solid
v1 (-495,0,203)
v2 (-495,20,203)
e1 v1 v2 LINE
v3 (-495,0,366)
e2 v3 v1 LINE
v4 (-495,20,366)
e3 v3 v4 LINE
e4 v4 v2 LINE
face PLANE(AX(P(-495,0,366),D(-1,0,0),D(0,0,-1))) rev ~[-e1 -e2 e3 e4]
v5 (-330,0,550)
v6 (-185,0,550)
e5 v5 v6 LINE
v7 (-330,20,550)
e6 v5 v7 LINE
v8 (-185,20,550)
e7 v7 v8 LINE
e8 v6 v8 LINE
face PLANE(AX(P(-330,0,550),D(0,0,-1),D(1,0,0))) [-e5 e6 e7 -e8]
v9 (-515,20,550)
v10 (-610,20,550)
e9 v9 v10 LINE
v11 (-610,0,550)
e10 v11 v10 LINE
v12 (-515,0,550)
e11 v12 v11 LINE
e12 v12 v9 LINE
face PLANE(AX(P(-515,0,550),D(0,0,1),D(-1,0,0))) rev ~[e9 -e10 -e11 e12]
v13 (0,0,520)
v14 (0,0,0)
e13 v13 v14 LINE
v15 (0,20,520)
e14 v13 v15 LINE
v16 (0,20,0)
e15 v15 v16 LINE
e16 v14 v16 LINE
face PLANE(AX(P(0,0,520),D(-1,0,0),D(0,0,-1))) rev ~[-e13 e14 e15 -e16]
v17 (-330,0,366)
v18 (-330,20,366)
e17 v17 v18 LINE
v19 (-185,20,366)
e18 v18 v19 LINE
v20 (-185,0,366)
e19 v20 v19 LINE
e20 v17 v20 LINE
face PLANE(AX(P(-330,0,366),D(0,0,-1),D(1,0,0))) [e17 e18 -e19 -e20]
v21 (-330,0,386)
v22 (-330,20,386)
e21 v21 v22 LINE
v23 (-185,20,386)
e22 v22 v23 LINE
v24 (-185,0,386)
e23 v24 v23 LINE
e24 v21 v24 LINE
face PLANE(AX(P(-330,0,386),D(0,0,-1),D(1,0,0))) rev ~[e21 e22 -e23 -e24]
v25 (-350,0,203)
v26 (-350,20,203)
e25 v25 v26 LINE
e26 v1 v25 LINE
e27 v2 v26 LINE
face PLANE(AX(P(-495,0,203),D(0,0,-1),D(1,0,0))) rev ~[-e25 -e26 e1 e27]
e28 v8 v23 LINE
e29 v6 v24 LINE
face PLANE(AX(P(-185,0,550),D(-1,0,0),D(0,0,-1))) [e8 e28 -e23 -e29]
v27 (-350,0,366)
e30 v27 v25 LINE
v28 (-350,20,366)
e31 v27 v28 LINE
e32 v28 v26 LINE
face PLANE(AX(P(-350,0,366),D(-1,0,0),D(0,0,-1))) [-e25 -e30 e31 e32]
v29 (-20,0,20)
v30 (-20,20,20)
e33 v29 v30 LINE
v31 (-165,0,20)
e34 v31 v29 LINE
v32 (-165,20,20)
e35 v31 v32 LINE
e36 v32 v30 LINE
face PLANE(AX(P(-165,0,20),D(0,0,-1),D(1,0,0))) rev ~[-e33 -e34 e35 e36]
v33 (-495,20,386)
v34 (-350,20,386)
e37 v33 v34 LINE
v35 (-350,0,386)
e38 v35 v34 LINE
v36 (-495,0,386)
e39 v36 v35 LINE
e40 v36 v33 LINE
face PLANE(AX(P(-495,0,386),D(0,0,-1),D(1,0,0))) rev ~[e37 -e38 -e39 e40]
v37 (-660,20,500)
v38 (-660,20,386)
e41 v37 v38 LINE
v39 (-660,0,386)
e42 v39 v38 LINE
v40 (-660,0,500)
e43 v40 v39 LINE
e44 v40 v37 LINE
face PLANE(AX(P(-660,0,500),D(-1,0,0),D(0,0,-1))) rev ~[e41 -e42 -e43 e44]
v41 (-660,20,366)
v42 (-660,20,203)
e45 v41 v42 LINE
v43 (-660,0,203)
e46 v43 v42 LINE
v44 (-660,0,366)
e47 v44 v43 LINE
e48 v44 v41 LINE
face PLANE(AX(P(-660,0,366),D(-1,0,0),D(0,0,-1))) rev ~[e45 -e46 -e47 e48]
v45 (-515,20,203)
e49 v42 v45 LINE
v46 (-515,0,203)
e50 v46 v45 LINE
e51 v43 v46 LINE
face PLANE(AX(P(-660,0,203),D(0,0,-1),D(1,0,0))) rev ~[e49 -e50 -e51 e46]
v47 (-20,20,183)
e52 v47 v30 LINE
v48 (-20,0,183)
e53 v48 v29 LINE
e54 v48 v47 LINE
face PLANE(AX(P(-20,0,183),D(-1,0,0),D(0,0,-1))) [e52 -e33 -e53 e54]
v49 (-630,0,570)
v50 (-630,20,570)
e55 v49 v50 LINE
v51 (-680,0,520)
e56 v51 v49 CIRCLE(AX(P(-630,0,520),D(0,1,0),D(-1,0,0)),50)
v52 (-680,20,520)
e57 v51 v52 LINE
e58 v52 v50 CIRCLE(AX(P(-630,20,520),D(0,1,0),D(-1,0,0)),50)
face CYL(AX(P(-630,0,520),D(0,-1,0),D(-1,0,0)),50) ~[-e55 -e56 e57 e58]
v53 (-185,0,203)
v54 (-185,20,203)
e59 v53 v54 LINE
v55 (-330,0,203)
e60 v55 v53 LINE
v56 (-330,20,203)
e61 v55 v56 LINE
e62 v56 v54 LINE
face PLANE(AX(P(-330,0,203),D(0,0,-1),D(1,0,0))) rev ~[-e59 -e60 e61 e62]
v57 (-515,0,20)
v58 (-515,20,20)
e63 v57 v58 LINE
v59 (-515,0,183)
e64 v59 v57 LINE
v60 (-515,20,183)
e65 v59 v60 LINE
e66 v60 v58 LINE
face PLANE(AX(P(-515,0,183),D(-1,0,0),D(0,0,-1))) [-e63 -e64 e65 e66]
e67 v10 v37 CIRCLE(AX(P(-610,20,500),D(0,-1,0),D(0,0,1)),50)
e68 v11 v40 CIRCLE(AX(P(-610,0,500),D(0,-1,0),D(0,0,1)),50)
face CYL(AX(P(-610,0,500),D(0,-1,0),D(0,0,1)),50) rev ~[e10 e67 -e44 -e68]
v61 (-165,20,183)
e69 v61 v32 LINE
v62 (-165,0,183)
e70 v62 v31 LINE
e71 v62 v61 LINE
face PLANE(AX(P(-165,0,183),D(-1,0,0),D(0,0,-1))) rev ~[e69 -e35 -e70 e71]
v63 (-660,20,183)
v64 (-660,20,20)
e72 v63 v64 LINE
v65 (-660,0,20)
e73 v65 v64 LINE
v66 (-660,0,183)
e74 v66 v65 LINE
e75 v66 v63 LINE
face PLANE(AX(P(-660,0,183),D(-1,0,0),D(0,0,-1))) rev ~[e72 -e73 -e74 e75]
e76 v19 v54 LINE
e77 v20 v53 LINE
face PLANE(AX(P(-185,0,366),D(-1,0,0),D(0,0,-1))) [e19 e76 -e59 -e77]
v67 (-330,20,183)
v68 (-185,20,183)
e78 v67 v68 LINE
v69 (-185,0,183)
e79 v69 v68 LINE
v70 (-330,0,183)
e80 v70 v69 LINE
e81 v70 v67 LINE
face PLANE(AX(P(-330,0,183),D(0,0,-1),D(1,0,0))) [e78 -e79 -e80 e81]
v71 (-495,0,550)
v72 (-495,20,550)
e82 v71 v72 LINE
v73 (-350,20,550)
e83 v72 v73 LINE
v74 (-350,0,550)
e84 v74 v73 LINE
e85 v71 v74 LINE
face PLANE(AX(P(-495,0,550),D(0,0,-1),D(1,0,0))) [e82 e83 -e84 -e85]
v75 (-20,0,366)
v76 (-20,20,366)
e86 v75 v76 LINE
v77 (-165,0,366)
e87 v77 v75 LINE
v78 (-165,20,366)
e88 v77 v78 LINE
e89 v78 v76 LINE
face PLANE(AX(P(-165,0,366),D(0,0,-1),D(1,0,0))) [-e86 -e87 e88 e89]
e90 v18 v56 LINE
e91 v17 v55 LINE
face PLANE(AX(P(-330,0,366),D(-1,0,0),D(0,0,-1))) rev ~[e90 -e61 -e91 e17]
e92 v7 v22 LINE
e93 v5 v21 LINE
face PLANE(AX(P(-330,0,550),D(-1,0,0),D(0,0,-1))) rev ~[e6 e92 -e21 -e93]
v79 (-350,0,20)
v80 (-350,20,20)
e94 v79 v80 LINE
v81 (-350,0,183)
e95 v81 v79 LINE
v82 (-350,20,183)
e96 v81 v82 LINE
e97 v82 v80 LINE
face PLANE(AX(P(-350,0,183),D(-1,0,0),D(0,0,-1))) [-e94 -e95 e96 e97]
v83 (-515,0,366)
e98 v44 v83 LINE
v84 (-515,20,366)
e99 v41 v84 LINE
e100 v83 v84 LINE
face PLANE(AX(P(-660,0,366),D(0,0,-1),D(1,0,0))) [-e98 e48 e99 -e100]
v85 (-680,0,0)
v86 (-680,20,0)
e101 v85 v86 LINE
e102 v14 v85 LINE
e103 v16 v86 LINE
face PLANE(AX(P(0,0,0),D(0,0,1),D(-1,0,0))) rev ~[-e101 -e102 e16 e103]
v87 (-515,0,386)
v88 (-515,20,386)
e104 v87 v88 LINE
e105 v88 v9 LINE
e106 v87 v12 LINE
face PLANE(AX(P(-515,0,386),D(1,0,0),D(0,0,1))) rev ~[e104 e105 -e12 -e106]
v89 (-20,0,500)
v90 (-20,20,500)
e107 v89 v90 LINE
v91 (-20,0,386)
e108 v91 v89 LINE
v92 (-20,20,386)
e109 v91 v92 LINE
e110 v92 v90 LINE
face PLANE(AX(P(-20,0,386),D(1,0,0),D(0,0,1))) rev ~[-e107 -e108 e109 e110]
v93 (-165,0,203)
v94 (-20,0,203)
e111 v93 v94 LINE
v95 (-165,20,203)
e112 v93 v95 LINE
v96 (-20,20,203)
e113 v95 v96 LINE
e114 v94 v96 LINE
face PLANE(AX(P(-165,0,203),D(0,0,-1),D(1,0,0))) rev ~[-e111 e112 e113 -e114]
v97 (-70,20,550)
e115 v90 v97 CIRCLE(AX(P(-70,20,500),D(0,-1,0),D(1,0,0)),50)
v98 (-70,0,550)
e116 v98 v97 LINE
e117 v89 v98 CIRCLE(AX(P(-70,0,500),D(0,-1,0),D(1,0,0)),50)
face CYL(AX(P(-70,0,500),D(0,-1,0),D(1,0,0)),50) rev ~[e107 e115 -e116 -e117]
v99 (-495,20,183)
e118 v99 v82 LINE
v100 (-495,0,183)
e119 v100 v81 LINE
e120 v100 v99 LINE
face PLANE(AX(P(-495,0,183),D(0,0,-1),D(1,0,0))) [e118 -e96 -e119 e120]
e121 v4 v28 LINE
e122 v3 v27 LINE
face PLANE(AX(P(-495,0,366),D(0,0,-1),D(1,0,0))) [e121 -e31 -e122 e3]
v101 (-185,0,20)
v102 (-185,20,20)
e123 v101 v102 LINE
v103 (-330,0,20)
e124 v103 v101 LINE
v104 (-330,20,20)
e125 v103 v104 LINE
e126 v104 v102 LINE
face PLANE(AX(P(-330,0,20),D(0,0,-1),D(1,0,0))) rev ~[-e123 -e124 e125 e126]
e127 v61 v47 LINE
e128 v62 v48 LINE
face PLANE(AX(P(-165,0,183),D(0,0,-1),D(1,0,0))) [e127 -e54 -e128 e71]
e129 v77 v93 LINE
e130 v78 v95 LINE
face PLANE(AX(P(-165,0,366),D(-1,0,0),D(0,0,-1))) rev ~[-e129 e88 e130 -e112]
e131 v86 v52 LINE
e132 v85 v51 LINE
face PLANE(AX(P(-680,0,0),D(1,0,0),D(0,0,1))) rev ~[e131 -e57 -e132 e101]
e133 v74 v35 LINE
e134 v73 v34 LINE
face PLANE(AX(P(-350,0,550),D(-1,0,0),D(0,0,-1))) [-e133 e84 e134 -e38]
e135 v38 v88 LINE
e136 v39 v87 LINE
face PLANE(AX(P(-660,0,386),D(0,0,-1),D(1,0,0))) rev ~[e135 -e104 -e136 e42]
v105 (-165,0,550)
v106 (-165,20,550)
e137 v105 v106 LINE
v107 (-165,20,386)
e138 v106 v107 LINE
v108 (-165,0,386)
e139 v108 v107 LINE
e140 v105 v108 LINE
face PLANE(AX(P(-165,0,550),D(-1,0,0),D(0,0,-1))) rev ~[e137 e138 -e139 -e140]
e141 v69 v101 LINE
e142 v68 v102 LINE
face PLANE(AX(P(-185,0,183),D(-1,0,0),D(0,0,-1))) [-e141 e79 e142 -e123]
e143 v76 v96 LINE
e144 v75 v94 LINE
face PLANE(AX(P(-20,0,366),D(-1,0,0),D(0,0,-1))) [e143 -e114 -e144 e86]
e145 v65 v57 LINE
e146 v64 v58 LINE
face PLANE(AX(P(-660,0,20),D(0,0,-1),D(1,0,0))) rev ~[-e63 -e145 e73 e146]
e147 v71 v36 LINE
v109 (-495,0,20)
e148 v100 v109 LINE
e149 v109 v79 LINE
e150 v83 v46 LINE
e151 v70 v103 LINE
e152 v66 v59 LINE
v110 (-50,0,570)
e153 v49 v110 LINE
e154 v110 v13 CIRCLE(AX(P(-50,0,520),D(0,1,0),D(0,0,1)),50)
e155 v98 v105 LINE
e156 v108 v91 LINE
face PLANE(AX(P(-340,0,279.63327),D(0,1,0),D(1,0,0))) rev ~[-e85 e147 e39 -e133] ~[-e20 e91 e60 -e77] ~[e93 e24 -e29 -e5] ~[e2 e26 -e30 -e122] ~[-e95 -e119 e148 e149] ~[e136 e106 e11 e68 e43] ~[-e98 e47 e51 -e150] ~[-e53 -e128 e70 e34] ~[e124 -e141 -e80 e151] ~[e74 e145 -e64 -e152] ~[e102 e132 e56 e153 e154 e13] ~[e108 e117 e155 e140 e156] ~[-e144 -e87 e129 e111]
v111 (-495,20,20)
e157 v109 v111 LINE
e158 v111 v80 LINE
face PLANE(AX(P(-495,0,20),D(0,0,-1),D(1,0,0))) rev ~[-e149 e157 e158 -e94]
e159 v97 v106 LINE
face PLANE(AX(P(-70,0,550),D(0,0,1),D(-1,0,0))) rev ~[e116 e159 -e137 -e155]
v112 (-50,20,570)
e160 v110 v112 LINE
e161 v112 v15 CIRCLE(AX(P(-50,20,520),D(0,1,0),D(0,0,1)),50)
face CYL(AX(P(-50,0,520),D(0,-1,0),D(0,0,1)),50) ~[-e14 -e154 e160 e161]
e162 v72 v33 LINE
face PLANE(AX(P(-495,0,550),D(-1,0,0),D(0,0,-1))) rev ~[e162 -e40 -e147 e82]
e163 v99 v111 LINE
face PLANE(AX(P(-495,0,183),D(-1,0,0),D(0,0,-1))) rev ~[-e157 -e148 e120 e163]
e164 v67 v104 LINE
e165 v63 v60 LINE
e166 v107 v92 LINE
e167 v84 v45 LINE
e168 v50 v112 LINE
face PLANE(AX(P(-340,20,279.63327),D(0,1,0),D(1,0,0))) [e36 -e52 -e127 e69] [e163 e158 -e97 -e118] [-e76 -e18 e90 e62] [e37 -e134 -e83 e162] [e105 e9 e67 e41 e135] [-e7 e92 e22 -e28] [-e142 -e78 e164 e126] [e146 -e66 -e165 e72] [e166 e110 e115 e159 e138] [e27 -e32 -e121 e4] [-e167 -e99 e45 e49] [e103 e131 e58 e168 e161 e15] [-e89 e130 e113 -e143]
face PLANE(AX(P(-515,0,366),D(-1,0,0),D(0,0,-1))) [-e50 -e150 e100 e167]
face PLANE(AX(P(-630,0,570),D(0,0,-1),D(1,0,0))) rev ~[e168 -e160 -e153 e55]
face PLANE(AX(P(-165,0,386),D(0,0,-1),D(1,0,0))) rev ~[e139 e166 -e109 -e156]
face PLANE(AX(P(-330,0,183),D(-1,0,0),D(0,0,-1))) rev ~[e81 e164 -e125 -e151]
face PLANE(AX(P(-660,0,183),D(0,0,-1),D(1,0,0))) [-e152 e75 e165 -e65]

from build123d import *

# Parameters (mm, degrees)
SKETCH1_W   = 145
SKETCH1_H   = 163
SKETCH1_H_2 = 164
BAGA_DEPTH  = 20


with BuildPart() as part:
    # Sketch1 → baga (new body)
    with BuildSketch(Plane(origin=(0, 0, 0), x_dir=(1, 0, 0), z_dir=(0, 1, 0))):
        with BuildLine():
            Line((0, 0), (-680, 0))
            Line((-680, 0), (-680, -520))
            ThreePointArc((-680, -520), (-665.355339059, -555.355339059), (-630, -570))
            Line((-630, -570), (-50, -570))
            ThreePointArc((-50, -570), (-14.644660941, -555.355339059), (0, -520))
            Line((0, -520), (0, 0))
        make_face()
        with Locations((-587.5, -284.5)):
            Rectangle(SKETCH1_W, SKETCH1_H, mode=Mode.SUBTRACT)
        with Locations((-92.5, -101.5)):
            Rectangle(SKETCH1_W, SKETCH1_H, mode=Mode.SUBTRACT)
        with BuildLine():
            Line((-70, -550), (-165, -550))
            Line((-165, -550), (-165, -386))
            Line((-165, -386), (-20, -386))
            Line((-20, -386), (-20, -500))
            ThreePointArc((-20, -500), (-34.644660941, -535.355339059), (-70, -550))
        make_face(mode=Mode.SUBTRACT)
        with Locations((-587.5, -101.5)):
            Rectangle(SKETCH1_W, SKETCH1_H, mode=Mode.SUBTRACT)
        with BuildLine():
            Line((-660, -386), (-515, -386))
            Line((-515, -386), (-515, -550))
            Line((-515, -550), (-610, -550))
            ThreePointArc((-610, -550), (-645.355339059, -535.355339059), (-660, -500))
            Line((-660, -500), (-660, -386))
        make_face(mode=Mode.SUBTRACT)
        with Locations((-422.5, -101.5)):
            Rectangle(SKETCH1_W, SKETCH1_H, mode=Mode.SUBTRACT)
        with Locations((-257.5, -101.5)):
            Rectangle(SKETCH1_W, SKETCH1_H, mode=Mode.SUBTRACT)
        with Locations((-422.5, -284.5)):
            Rectangle(SKETCH1_W, SKETCH1_H, mode=Mode.SUBTRACT)
        with Locations((-257.5, -284.5)):
            Rectangle(SKETCH1_W, SKETCH1_H, mode=Mode.SUBTRACT)
        with Locations((-92.5, -284.5)):
            Rectangle(SKETCH1_W, SKETCH1_H, mode=Mode.SUBTRACT)
        with Locations((-422.5, -468)):
            Rectangle(SKETCH1_W, SKETCH1_H_2, mode=Mode.SUBTRACT)
        with Locations((-257.5, -468)):
            Rectangle(SKETCH1_W, SKETCH1_H_2, mode=Mode.SUBTRACT)
    extrude(amount=BAGA_DEPTH)


solid = part.part
